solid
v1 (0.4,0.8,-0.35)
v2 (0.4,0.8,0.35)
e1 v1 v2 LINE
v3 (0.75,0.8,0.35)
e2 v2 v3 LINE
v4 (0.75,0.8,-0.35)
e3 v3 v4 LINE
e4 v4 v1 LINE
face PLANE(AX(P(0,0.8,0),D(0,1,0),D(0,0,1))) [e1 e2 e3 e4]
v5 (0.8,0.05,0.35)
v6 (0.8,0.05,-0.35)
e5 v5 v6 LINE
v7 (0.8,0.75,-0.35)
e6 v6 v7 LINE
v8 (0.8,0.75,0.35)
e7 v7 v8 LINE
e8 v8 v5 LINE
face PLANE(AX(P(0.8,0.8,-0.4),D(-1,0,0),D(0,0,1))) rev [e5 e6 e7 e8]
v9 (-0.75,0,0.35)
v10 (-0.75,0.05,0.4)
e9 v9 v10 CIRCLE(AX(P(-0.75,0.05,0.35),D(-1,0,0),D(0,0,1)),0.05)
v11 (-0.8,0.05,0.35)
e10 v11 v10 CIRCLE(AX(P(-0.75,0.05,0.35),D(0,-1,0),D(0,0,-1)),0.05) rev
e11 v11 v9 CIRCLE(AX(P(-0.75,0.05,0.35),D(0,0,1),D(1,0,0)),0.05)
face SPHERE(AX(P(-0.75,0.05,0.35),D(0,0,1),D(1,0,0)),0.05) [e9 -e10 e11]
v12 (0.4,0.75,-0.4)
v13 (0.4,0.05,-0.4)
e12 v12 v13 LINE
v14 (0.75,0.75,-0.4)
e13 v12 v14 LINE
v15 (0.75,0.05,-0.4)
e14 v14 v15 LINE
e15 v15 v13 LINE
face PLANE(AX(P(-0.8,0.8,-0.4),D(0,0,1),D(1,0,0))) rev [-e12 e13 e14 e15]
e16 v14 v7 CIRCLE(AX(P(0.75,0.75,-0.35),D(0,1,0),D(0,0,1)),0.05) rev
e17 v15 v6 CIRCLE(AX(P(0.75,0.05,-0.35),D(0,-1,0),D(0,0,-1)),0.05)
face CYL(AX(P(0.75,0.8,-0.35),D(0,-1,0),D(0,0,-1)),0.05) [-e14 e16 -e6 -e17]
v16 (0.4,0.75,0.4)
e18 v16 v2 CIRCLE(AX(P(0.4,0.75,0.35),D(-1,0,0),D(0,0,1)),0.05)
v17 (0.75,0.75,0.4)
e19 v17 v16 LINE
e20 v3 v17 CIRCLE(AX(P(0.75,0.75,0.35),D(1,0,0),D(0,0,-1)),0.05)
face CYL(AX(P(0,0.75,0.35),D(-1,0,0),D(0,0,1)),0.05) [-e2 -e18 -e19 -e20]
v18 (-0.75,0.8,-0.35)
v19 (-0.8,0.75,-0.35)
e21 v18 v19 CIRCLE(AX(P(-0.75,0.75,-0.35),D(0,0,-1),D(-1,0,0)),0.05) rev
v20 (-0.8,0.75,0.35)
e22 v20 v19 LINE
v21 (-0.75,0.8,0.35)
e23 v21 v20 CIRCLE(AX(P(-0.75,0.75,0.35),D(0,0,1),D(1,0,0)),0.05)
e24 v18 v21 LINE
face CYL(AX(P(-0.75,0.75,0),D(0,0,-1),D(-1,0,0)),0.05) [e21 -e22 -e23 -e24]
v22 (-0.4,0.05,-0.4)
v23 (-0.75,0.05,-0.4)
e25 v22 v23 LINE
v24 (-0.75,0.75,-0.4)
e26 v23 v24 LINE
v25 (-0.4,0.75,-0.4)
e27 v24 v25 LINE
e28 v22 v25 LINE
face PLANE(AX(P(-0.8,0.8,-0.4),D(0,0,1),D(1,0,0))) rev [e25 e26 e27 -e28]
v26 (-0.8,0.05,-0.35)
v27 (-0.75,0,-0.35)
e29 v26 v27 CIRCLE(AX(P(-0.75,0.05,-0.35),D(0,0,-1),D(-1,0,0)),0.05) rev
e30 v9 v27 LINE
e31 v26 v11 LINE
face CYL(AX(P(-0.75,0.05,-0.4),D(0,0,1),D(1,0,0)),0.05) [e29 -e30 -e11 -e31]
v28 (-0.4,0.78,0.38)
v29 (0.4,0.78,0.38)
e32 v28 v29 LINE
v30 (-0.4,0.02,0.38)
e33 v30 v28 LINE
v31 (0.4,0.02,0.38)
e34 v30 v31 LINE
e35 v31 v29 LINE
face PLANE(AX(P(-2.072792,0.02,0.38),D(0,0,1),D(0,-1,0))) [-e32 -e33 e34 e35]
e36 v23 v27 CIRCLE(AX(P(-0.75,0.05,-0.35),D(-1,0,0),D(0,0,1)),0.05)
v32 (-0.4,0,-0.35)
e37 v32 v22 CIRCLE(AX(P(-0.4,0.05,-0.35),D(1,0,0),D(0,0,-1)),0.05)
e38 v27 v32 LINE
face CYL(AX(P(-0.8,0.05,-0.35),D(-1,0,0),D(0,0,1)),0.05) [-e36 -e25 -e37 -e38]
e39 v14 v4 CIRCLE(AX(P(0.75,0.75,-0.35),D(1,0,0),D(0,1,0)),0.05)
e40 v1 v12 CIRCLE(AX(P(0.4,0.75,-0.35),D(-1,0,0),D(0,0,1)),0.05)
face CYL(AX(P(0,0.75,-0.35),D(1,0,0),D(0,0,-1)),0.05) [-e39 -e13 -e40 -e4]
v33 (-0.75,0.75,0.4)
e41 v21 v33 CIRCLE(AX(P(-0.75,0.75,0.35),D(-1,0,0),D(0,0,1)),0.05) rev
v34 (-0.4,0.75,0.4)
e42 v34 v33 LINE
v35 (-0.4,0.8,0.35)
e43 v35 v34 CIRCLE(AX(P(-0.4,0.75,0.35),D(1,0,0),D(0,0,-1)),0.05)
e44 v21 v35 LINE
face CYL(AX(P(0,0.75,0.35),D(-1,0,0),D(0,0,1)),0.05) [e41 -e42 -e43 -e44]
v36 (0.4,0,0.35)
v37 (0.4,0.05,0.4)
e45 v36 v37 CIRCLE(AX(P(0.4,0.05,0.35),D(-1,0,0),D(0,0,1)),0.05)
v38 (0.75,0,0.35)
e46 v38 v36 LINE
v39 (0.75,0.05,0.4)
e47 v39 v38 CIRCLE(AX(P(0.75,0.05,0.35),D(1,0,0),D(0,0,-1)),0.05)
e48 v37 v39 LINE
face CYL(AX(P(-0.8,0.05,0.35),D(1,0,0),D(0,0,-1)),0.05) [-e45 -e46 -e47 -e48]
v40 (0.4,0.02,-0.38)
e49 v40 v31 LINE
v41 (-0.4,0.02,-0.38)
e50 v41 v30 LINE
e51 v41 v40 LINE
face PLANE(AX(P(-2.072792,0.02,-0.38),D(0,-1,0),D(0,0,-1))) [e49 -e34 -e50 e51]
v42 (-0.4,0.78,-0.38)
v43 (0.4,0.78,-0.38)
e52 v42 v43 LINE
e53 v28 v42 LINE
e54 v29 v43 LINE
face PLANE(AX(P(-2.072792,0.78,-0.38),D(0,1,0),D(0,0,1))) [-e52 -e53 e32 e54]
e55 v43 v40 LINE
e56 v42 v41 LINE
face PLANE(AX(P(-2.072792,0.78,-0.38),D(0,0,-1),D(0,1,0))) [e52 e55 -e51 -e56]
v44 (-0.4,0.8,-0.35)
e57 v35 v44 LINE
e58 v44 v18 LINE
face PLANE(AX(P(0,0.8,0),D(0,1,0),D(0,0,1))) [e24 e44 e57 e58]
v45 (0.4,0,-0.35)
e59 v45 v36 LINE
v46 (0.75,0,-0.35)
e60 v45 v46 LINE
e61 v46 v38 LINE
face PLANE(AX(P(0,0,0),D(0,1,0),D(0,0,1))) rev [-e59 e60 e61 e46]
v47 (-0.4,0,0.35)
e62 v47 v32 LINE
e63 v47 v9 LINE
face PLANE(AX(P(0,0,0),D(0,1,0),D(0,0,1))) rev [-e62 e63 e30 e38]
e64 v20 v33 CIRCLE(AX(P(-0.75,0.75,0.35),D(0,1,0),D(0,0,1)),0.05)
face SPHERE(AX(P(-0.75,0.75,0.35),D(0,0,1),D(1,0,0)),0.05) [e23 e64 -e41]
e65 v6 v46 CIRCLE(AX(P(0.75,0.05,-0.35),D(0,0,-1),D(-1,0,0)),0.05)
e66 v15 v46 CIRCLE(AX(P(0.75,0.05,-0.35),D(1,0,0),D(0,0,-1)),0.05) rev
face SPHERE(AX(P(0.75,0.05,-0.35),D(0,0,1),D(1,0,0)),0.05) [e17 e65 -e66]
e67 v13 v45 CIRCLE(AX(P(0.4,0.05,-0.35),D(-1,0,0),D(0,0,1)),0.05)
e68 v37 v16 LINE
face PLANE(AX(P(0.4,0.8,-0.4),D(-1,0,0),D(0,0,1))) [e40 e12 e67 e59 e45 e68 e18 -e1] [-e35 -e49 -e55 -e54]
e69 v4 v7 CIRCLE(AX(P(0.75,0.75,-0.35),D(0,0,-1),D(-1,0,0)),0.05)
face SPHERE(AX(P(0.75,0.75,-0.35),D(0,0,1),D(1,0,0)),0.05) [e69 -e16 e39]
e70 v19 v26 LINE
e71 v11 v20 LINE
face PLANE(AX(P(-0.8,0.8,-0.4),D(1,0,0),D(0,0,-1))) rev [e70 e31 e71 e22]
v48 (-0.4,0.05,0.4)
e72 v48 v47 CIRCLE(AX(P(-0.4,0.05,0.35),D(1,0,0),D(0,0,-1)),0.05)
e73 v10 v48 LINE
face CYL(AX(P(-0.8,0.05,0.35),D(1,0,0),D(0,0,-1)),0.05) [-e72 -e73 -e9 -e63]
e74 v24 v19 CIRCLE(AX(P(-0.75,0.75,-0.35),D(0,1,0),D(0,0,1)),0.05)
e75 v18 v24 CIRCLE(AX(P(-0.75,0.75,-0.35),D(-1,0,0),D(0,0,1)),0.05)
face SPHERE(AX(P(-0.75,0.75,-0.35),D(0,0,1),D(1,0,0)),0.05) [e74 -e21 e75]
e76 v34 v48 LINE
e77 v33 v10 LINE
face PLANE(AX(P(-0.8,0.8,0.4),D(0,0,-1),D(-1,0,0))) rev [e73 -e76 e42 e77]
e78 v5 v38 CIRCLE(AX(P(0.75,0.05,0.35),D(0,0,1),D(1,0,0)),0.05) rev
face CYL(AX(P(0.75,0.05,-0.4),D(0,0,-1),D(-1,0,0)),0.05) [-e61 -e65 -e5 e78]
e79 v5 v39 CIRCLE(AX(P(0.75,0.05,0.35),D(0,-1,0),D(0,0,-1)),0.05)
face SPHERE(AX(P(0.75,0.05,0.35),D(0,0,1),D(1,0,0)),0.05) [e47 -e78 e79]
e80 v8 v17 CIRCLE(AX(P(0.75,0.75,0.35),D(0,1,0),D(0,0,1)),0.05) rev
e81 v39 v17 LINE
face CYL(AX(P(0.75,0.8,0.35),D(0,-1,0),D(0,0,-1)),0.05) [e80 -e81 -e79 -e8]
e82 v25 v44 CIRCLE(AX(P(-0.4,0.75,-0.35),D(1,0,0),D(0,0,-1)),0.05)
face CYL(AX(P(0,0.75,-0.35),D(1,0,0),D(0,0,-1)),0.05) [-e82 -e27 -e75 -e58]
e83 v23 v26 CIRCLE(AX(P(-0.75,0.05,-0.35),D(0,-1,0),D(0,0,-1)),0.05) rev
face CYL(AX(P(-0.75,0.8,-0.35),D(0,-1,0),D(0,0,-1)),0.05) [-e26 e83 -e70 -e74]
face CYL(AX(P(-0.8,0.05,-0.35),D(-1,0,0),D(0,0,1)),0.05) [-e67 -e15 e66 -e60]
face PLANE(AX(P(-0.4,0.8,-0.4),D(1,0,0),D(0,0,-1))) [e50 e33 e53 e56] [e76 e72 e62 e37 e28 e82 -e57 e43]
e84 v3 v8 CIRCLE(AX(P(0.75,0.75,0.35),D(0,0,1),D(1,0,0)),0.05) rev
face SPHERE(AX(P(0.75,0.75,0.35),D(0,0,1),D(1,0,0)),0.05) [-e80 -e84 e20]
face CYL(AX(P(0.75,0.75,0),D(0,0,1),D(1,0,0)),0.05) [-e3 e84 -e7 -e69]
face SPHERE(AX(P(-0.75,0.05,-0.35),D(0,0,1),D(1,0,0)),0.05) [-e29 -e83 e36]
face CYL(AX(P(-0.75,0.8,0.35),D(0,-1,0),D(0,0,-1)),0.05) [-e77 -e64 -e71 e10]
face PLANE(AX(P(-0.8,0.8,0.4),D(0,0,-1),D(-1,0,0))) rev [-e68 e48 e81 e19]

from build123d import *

# Parameters (mm, degrees)
SKETCH1_W               = 1.6
SKETCH1_H               = 0.8
BOSS_EXTRUDE1_DEPTH     = 0.8
CUT_EXTRUDE1_DEPTH      = 0.4
CUT_EXTRUDE1_DEPTH_BACK = 0.4
SKETCH2_OUTSIDE_W       = 3.192
SKETCH2_OUTSIDE_H       = 3.192
SKETCH2_OUTSIDE_W_2     = 0.76
SKETCH2_OUTSIDE_H_2     = 0.76
FILLET1_R               = 0.05


with BuildPart() as part:
    # Sketch1 → Boss-Extrude1 (new body)
    with BuildSketch(Plane(origin=(0, 0, 0), x_dir=(1, 0, 0), z_dir=(0, 1, 0))):
        Rectangle(SKETCH1_W, SKETCH1_H)
    extrude(amount=BOSS_EXTRUDE1_DEPTH)

    # Sketch2 outside → Cut-Extrude1 (cut, two sides: drawn at the far end of the back side and taken through both)
    with BuildSketch(Plane(origin=(0, 0, 0), x_dir=(0, 0, -1), z_dir=(1, 0, 0)).offset(-CUT_EXTRUDE1_DEPTH_BACK)):
        with Locations((0, 0.4)):
            Rectangle(SKETCH2_OUTSIDE_W, SKETCH2_OUTSIDE_H)
        with Locations((0, 0.4)):
            Rectangle(SKETCH2_OUTSIDE_W_2, SKETCH2_OUTSIDE_H_2, mode=Mode.SUBTRACT)
    extrude(amount=CUT_EXTRUDE1_DEPTH + CUT_EXTRUDE1_DEPTH_BACK, mode=Mode.SUBTRACT)

    # Fillet1
    fillet1_edges = [part.edges().sort_by_distance(p)[0] for p in [
        (0.8, 0.8, 0),
        (-0.6, 0, -0.4),
        (0.6, 0, 0.4),
        (0.6, 0.8, -0.4),
        (0.6, 0.8, 0.4),
        (-0.6, 0.8, -0.4),
        (-0.8, 0.8, 0),
        (0.6, 0, -0.4),
        (0.8, 0, 0),
        (-0.6, 0, 0.4),
        (-0.8, 0, 0),
        (-0.8, 0.4, -0.4),
        (0.8, 0.4, -0.4),
        (0.8, 0.4, 0.4),
        (-0.8, 0.4, 0.4),
        (-0.6, 0.8, 0.4),
    ]]
    fillet(fillet1_edges, radius=FILLET1_R)


solid = part.part
